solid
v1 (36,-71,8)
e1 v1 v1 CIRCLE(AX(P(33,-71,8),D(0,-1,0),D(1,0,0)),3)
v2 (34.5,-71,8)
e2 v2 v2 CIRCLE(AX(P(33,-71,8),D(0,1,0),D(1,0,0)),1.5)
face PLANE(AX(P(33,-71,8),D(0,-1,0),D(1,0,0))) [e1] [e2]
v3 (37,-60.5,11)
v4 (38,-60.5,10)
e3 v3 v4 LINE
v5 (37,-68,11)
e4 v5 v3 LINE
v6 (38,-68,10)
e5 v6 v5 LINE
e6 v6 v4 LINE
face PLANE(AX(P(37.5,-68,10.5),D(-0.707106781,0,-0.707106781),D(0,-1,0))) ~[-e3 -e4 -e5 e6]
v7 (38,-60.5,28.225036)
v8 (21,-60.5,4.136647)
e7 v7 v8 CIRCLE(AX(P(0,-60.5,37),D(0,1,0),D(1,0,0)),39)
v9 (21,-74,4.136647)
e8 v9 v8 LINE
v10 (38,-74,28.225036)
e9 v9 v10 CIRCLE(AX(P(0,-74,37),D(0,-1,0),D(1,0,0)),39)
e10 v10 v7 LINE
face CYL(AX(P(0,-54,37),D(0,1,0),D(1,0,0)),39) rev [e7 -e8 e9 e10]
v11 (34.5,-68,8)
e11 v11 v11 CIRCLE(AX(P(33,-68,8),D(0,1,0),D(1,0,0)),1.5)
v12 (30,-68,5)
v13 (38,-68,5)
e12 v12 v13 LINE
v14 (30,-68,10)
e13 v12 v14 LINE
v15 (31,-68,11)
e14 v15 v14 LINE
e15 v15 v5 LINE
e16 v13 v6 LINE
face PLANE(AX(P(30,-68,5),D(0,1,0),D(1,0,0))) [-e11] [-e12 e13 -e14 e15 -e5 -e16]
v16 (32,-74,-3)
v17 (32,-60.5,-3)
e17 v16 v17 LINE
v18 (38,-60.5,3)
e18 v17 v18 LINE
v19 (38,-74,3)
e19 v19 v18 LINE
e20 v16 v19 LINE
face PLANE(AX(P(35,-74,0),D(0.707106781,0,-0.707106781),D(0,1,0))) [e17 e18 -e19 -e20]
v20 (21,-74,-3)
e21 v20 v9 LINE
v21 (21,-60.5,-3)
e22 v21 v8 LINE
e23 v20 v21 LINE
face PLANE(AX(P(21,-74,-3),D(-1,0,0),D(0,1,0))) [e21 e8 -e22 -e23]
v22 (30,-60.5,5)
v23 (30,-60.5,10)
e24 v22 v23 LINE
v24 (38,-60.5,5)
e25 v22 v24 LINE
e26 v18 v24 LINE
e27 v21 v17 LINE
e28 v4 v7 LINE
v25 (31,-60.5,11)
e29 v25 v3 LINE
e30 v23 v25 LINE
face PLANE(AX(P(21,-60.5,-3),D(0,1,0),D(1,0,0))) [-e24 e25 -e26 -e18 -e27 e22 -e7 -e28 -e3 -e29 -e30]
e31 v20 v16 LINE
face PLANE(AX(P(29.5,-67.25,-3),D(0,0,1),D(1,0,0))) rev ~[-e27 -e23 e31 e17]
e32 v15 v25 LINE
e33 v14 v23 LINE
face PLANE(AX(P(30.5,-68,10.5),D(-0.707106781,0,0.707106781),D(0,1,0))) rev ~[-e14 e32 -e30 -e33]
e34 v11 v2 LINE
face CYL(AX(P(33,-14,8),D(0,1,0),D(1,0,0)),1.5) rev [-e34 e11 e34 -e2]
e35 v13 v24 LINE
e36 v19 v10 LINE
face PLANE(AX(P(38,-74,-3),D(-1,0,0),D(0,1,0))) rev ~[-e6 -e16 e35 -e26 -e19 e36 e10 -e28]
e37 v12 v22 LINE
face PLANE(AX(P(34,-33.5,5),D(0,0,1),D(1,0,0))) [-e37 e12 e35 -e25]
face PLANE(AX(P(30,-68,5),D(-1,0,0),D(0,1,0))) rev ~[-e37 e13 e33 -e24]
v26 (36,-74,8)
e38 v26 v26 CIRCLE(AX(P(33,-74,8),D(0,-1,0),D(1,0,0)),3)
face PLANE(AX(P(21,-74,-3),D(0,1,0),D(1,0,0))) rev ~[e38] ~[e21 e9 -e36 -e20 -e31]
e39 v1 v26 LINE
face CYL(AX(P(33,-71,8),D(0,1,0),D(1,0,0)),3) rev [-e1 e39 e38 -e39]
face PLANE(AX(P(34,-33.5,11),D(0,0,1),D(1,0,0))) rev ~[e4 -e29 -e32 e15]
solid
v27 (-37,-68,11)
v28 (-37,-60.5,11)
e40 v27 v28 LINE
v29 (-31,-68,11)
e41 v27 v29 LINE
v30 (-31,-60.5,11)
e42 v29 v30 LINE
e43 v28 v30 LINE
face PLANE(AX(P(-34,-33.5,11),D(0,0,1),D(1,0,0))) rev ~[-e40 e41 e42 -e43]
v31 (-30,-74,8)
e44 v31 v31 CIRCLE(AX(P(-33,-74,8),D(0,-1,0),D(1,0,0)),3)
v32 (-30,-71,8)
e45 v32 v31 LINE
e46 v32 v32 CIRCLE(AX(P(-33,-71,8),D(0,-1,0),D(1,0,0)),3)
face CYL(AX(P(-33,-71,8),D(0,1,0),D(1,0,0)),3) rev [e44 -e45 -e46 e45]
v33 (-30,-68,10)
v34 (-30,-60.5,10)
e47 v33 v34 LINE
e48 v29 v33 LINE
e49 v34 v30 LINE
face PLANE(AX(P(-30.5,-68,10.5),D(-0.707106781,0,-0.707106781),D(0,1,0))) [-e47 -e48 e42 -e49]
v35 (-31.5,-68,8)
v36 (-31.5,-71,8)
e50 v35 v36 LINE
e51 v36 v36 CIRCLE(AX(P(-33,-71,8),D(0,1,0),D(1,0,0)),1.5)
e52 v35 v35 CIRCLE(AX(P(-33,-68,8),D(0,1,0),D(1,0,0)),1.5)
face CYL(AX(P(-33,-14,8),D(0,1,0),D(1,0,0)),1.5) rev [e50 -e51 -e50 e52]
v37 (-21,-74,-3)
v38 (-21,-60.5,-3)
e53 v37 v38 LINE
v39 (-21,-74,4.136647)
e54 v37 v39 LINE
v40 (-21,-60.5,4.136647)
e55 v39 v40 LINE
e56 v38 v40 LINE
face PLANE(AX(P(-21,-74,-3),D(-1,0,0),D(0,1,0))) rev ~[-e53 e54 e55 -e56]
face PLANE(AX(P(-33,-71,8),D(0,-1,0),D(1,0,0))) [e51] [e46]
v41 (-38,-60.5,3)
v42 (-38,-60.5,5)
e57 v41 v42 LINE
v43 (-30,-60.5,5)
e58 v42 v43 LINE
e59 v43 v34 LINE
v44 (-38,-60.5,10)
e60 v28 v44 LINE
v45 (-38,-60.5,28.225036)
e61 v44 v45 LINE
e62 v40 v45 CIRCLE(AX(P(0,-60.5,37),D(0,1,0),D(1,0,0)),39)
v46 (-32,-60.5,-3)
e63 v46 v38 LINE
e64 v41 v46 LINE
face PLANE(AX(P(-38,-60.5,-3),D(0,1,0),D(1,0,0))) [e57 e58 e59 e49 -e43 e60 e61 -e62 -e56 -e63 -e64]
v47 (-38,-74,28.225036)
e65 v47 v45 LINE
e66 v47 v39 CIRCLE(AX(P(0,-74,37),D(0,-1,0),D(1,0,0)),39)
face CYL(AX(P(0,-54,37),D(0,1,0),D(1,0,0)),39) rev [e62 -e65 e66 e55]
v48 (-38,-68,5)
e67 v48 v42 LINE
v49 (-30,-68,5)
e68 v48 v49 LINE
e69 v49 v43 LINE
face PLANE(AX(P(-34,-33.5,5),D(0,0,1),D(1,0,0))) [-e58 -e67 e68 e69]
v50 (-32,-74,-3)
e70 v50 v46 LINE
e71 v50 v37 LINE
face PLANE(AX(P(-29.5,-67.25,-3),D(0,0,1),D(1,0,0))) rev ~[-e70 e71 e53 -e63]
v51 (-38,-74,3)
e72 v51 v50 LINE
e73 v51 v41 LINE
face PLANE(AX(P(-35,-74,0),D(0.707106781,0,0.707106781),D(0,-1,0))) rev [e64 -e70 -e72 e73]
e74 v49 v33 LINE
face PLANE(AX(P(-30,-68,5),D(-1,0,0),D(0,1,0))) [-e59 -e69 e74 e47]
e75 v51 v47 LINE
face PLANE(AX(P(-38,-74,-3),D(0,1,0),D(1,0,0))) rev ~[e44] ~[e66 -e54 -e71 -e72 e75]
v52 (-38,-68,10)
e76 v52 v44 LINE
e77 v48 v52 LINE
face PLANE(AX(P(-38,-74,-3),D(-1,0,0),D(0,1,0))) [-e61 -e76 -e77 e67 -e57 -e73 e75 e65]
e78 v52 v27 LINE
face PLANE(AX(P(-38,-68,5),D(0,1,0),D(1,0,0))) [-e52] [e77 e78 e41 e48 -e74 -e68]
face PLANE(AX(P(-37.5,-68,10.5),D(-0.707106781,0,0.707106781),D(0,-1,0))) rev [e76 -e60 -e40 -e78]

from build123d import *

# Parameters (mm, degrees)
CYLINDER2680_R     = 1.5
CYLINDER2680_DEPTH = 60
CYLINDER2679_R     = 1.5
CYLINDER2679_DEPTH = 60
CYLINDER2678_R     = 3
CYLINDER2678_DEPTH = 3
CYLINDER2677_R     = 3
CYLINDER2677_DEPTH = 3
CYLINDER_R         = 39
CYLINDER_DEPTH     = 20
CYLINDER2675_R     = 38
CYLINDER2675_DEPTH = 16
BOX914_W           = 8
BOX914_H           = 69
BOX914_DEPTH       = 6
CHAMFER143_SIZE    = 1
CHAMFER141_SIZE    = 1
CYLINDER2676_R     = 38
CYLINDER2676_DEPTH = 16
BOX915_W           = 8
BOX915_H           = 69
BOX915_DEPTH       = 6
CHAMFER142_SIZE    = 1
CHAMFER140_SIZE    = 1
BOX913_W           = 17
BOX913_H           = 13.5
BOX913_DEPTH       = 40
BOX912_W           = 17
BOX912_H           = 13.5
BOX912_DEPTH       = 40
CHAMFER_SIZE       = 6


with BuildPart() as v_lec2650:
    # Cylinder2680 → Cylinder2680 (new body)
    with BuildSketch(Plane(origin=(33, -10, 8), x_dir=(1, 0, 0), z_dir=(0, -1, 0))):
        Circle(CYLINDER2680_R)
    extrude(amount=CYLINDER2680_DEPTH)


with BuildPart() as compound1190:
    # Cylinder2679 → Cylinder2679 (new body)
    with BuildSketch(Plane(origin=(-33, -10, 8), x_dir=(1, 0, 0), z_dir=(0, -1, 0))):
        Circle(CYLINDER2679_R)
    extrude(amount=CYLINDER2679_DEPTH)

    # Compound1190: union Válec2650
    add(v_lec2650.part)


with BuildPart() as compound1190_1:
    # Compound1190 placement: moved
    add(compound1190.part.moved(Location((0, -4, 0))))


with BuildPart() as v_lec2648:
    # Cylinder2678 → Cylinder2678 (new body)
    with BuildSketch(Plane(origin=(33, -61, 8), x_dir=(1, 0, 0), z_dir=(0, -1, 0))):
        Circle(CYLINDER2678_R)
    extrude(amount=CYLINDER2678_DEPTH)


with BuildPart() as compound1189:
    # Cylinder2677 → Cylinder2677 (new body)
    with BuildSketch(Plane(origin=(-33, -61, 8), x_dir=(1, 0, 0), z_dir=(0, -1, 0))):
        Circle(CYLINDER2677_R)
    extrude(amount=CYLINDER2677_DEPTH)

    # Compound1189: union Válec2648
    add(v_lec2648.part)


with BuildPart() as compound1189_1:
    # Compound1189 placement: moved
    add(compound1189.part.moved(Location((0, -10, 0))))


with BuildPart() as v_lec:
    # Cylinder → Cylinder (new body)
    with BuildSketch(Plane(origin=(0, -54, 37), x_dir=(1, 0, 0), z_dir=(0, -1, 0))):
        Circle(CYLINDER_R)
    extrude(amount=CYLINDER_DEPTH)


with BuildPart() as v_lec2645:
    # Cylinder2675 → Cylinder2675 (new body)
    with BuildSketch(Plane.XY):
        Circle(CYLINDER2675_R)
    extrude(amount=CYLINDER2675_DEPTH)


with BuildPart() as cut997:
    # Box914 → Box914 (new body)
    with BuildSketch(Plane(origin=(-38, -68, 5), x_dir=(1, 0, 0), z_dir=(0, 0, 1))):
        with Locations((4, 34.5)):
            Rectangle(BOX914_W, BOX914_H)
    extrude(amount=BOX914_DEPTH)

    # Chamfer143
    chamfer143_edges = [cut997.edges().sort_by_distance(p)[0] for p in [
        (-38, -33.5, 11),
    ]]
    chamfer(chamfer143_edges, length=CHAMFER143_SIZE)

    # Chamfer141
    chamfer141_edges = [cut997.edges().sort_by_distance(p)[0] for p in [
        (-30, -33.5, 11),
    ]]
    chamfer(chamfer141_edges, length=CHAMFER141_SIZE)

    # Cut997: cut Válec2645
    add(v_lec2645.part, mode=Mode.SUBTRACT)


with BuildPart() as v_lec2646:
    # Cylinder2676 → Cylinder2676 (new body)
    with BuildSketch(Plane.XY):
        Circle(CYLINDER2676_R)
    extrude(amount=CYLINDER2676_DEPTH)


with BuildPart() as compound1188:
    # Box915 → Box915 (new body)
    with BuildSketch(Plane(origin=(30, -68, 5), x_dir=(1, 0, 0), z_dir=(0, 0, 1))):
        with Locations((4, 34.5)):
            Rectangle(BOX915_W, BOX915_H)
    extrude(amount=BOX915_DEPTH)

    # Chamfer142
    chamfer142_edges = [compound1188.edges().sort_by_distance(p)[0] for p in [
        (38, -33.5, 11),
    ]]
    chamfer(chamfer142_edges, length=CHAMFER142_SIZE)

    # Chamfer140
    chamfer140_edges = [compound1188.edges().sort_by_distance(p)[0] for p in [
        (30, -33.5, 11),
    ]]
    chamfer(chamfer140_edges, length=CHAMFER140_SIZE)

    # Cut998: cut Válec2646
    add(v_lec2646.part, mode=Mode.SUBTRACT)

    # Compound1188: union Cut997
    add(cut997.part)


with BuildPart() as krychle912:
    # Box913 → Box913 (new body)
    with BuildSketch(Plane(origin=(-38, -68, -3), x_dir=(1, 0, 0), z_dir=(0, 0, 1))):
        with Locations((8.5, 6.75)):
            Rectangle(BOX913_W, BOX913_H)
    extrude(amount=BOX913_DEPTH)


with BuildPart() as cut1001:
    # Box912 → Box912 (new body)
    with BuildSketch(Plane(origin=(21, -68, -3), x_dir=(1, 0, 0), z_dir=(0, 0, 1))):
        with Locations((8.5, 6.75)):
            Rectangle(BOX912_W, BOX912_H)
    extrude(amount=BOX912_DEPTH)

    # Compound1184: union Krychle912
    add(krychle912.part)


with BuildPart() as cut1001_1:
    # Compound1184 placement: moved
    add(cut1001.part.moved(Location((0, -6, 0))))

    # Cut: cut Compound1188
    add(compound1188.part, mode=Mode.SUBTRACT)

    # Cut999: cut Válec
    add(v_lec.part, mode=Mode.SUBTRACT)

    # Chamfer
    chamfer_edges = [cut1001_1.edges().sort_by_distance(p)[0] for p in [
        (38, -67.25, -3),
        (-38, -67.25, -3),
    ]]
    chamfer(chamfer_edges, length=CHAMFER_SIZE)

    # Cut1000: cut Compound1189
    add(compound1189_1.part, mode=Mode.SUBTRACT)

    # Cut1001: cut Compound1190
    add(compound1190_1.part, mode=Mode.SUBTRACT)


solid = cut1001_1.part
